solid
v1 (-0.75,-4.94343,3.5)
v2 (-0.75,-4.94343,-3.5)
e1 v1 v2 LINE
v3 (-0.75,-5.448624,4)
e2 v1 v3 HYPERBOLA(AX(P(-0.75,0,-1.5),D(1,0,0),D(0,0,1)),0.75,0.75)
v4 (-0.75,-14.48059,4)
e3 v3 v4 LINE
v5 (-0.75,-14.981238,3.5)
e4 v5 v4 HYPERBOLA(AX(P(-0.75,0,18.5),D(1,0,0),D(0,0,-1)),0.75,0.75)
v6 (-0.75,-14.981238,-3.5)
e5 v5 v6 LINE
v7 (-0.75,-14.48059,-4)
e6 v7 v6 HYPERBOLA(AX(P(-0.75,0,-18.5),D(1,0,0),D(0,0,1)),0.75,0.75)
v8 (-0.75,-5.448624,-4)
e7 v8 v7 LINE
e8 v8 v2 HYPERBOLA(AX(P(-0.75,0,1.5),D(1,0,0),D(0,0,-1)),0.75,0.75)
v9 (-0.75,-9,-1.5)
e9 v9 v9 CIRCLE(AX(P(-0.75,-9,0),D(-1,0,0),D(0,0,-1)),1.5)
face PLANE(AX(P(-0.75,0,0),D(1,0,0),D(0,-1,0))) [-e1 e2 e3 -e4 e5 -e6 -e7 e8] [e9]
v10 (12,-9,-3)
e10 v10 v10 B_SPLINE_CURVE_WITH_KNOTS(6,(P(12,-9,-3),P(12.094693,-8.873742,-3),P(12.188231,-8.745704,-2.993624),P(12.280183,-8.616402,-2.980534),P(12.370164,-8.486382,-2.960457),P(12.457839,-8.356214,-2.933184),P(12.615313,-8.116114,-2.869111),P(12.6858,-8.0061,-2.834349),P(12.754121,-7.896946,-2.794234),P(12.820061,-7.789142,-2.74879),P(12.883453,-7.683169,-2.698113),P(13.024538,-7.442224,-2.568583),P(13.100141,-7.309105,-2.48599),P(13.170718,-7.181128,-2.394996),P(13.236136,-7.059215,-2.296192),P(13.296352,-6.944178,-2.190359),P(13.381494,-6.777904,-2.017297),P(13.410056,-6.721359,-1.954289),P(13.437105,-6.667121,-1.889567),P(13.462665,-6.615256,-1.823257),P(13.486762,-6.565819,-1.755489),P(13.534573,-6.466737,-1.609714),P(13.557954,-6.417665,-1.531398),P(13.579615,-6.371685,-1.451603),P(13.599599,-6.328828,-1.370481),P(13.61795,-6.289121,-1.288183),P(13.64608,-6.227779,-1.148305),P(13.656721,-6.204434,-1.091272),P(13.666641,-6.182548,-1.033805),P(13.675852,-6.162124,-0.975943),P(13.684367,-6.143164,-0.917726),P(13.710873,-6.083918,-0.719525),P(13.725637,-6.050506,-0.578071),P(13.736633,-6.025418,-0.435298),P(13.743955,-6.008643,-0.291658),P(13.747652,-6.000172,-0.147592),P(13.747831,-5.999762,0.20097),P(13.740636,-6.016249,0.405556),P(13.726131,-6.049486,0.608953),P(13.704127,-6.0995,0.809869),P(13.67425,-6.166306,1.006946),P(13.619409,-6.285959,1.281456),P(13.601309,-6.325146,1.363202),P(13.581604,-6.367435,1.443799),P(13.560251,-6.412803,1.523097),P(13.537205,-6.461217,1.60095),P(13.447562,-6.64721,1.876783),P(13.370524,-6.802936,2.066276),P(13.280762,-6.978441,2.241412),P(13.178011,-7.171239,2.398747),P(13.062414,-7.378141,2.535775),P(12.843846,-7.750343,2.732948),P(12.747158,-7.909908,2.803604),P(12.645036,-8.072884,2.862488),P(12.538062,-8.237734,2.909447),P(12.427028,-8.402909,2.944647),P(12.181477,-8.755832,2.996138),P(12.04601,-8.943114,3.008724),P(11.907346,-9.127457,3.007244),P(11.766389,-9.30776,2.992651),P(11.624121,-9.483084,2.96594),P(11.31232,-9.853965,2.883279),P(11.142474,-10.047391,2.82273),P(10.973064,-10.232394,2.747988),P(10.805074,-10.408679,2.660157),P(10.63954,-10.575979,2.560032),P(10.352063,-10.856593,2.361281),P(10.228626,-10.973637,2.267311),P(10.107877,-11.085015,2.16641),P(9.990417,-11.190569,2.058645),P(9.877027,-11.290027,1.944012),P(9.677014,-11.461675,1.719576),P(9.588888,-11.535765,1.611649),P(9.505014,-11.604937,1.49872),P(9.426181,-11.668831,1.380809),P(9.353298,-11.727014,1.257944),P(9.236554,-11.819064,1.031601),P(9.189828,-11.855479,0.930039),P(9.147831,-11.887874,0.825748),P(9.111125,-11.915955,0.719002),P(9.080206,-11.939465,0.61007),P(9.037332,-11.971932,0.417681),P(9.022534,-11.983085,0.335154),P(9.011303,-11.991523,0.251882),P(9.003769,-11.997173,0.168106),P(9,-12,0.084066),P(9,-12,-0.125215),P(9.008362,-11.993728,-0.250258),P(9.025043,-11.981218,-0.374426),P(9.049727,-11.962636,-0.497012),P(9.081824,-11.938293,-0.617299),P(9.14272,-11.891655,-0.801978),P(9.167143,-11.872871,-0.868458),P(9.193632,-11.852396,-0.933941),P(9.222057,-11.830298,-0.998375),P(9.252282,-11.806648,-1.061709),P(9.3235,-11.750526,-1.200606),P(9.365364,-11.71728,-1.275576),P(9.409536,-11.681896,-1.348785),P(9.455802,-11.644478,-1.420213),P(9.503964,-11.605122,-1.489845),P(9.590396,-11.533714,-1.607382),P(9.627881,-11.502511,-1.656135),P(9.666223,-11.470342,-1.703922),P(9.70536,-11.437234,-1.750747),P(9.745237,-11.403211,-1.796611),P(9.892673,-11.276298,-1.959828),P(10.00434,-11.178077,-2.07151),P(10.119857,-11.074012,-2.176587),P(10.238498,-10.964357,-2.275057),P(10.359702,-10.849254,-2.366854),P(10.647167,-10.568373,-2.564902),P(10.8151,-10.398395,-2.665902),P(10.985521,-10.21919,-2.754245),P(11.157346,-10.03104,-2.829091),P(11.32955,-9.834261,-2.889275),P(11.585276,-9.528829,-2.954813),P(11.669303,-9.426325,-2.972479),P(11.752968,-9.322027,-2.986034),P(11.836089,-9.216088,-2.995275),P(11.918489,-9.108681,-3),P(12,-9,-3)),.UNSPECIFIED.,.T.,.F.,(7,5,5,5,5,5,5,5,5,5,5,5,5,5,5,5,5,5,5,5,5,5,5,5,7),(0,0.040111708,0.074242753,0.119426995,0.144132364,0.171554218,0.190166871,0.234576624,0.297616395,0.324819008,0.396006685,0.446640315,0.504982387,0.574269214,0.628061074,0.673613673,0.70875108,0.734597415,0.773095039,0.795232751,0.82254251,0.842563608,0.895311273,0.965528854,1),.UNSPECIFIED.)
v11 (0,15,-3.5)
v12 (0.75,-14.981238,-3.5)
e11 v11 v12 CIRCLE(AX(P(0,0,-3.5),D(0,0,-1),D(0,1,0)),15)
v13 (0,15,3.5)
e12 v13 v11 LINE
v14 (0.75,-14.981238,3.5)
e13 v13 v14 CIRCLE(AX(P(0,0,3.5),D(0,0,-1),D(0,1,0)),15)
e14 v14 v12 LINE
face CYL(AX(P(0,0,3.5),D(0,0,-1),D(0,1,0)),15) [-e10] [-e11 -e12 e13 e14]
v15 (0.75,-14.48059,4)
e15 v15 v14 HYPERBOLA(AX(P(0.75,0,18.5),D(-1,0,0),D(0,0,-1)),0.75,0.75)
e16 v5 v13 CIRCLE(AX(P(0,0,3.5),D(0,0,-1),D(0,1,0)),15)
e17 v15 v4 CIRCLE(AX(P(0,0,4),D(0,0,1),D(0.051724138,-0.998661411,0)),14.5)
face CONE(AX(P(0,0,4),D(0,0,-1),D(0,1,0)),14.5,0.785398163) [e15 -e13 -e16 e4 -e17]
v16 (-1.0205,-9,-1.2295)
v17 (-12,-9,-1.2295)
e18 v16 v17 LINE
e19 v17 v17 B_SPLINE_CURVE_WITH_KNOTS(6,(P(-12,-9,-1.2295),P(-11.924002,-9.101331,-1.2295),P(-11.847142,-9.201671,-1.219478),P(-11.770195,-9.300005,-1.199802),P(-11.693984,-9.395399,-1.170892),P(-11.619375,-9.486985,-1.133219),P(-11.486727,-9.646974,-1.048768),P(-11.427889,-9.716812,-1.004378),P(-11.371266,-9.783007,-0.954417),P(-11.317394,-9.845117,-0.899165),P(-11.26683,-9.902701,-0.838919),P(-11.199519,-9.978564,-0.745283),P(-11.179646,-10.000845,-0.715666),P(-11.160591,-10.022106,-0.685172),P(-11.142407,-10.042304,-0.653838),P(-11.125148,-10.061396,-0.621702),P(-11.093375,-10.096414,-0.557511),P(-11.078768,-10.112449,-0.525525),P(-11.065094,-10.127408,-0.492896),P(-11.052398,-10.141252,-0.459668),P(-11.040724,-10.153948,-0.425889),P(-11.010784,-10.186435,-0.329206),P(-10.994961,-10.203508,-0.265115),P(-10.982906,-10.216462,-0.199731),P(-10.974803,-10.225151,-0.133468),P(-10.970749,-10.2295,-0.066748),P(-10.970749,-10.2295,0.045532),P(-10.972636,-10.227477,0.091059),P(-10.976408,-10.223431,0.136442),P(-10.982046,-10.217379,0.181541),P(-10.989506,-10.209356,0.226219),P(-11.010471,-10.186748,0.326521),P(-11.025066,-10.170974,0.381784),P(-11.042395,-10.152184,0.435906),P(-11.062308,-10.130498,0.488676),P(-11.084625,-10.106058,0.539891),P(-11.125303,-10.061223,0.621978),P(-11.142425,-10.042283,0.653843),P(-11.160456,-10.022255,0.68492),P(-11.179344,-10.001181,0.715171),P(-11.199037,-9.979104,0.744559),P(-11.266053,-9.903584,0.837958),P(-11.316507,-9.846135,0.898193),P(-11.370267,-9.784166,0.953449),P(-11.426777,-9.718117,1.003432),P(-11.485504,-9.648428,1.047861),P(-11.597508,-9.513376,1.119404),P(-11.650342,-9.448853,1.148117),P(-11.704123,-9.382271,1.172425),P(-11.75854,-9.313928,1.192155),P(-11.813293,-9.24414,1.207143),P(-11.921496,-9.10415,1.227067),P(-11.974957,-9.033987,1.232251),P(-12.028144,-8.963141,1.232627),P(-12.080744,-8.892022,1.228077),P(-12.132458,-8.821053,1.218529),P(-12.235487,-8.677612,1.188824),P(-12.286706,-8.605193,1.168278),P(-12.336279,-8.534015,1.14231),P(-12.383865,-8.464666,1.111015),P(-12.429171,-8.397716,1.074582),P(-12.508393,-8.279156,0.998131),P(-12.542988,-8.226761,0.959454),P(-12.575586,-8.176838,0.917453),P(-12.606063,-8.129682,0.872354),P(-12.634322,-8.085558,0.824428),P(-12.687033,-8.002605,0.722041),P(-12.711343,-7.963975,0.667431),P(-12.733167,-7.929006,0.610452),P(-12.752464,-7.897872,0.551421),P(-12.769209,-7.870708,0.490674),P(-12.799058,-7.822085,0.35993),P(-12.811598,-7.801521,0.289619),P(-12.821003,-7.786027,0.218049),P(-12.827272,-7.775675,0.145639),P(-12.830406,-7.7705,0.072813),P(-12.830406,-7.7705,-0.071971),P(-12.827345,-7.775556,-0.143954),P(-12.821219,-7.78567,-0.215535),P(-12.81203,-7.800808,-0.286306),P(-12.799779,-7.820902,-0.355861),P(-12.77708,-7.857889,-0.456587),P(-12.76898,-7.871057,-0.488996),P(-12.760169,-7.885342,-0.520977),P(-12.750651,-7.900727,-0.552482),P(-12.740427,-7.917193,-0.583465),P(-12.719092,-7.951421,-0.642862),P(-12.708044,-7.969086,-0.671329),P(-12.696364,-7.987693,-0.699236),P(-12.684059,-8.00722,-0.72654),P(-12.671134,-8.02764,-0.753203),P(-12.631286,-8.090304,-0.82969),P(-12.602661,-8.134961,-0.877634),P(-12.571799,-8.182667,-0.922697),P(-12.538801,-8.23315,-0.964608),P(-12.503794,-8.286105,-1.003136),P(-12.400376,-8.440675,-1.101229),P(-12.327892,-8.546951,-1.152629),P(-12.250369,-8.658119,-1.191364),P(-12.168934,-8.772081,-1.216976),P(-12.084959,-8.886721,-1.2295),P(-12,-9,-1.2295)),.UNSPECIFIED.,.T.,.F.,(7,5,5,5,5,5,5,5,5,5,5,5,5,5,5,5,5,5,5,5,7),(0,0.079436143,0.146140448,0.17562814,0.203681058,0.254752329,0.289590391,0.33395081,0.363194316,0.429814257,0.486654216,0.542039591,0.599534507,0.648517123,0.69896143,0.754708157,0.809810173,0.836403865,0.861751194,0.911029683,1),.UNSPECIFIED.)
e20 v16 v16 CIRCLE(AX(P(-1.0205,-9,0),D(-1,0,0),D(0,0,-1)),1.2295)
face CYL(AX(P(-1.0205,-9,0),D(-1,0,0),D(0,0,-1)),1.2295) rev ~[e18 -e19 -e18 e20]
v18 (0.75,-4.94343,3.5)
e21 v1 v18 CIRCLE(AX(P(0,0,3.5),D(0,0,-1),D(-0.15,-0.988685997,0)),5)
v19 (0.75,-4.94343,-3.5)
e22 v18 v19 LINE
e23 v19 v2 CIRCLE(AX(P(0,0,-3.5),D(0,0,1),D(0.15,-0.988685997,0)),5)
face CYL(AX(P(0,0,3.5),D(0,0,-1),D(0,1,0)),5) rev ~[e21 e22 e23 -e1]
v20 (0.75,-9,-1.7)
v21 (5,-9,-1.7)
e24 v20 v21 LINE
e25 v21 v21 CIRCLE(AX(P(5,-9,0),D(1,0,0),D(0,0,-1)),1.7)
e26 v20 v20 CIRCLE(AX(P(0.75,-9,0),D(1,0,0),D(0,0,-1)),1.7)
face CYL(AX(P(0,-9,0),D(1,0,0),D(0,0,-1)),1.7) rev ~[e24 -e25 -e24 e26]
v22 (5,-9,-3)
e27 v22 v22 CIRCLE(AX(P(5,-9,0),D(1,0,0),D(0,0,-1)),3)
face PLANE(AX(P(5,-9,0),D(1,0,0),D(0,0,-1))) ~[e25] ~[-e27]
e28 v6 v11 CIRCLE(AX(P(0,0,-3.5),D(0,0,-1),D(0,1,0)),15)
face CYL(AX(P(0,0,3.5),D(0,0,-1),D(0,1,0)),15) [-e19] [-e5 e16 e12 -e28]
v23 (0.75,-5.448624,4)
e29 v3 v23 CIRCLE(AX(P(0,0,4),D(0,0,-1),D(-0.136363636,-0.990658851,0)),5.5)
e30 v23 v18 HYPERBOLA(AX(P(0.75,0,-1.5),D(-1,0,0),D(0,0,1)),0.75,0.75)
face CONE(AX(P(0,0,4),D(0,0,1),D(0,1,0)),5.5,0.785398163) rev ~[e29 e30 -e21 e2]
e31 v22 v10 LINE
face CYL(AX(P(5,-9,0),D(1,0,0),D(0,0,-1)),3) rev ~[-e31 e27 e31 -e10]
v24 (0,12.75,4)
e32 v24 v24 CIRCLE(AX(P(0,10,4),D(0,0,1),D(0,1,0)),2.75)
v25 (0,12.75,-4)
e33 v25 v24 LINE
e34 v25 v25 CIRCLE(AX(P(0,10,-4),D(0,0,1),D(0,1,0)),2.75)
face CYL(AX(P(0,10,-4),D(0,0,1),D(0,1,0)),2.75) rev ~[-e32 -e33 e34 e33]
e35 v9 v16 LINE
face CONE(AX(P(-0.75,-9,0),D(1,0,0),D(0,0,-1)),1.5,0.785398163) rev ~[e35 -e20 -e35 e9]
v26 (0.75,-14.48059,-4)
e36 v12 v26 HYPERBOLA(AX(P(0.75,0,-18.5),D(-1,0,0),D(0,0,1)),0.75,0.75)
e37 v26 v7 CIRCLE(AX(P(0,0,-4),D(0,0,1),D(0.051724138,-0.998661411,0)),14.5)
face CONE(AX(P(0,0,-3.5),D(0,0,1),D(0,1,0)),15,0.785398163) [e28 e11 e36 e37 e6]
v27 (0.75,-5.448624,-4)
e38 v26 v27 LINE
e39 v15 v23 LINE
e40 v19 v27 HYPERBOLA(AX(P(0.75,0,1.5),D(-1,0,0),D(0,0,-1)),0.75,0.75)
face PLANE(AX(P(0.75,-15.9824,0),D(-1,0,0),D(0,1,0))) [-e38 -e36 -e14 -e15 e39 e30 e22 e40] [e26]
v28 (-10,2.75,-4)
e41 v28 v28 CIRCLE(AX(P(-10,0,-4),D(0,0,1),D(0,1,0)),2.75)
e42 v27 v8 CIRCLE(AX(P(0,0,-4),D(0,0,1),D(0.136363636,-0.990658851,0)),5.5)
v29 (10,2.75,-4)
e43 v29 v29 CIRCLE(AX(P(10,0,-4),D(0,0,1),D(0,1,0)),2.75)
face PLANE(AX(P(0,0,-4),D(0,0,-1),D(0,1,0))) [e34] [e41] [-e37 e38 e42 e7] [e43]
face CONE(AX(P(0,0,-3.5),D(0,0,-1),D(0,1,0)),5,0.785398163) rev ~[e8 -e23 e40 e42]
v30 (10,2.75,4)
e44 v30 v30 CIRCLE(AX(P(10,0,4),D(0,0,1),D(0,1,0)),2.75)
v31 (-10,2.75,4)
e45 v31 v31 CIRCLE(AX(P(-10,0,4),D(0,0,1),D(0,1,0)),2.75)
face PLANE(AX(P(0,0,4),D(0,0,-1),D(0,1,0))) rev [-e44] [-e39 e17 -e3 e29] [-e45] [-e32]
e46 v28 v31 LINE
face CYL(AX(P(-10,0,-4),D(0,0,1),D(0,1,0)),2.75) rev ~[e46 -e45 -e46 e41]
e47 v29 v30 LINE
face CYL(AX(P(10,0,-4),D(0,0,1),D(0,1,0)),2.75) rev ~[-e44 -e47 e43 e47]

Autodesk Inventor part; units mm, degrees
sketch "Sketch_14" plane through (0, 0, 0) normal (1, 0, 0) x (0, 1, 0)
  line L0 (0, -4) -> (0, 4)
  line L1 (0, 4) -> (14.5, 4)
  line L2 (14.5, 4) -> (15, 3.5)
  line L3 (15, 3.5) -> (15, -3.5)
  line L4 (15, -3.5) -> (14.5, -4)
  line L5 (14.5, -4) -> (0, -4)
  line L6 (0, -4) -> (0, 4)
revolve "Revolution1" add sketch "Sketch_14" angle 360 about axis through (0, 0, -4) along (0, 0, -1)
sketch "Sketch_15" plane through (0, 0, 0) normal (1, 0, 0) x (0, 1, 0)
  line L0 (0, -4) -> (0, 4)
  line L1 (0, 4) -> (5.5, 4)
  line L2 (5.5, 4) -> (5, 3.5)
  line L3 (5, 3.5) -> (5, -3.5)
  line L4 (5, -3.5) -> (5.5, -4)
  line L5 (5.5, -4) -> (0, -4)
  line L6 (0, -4) -> (0, 4)
revolve "Revolution2" cut sketch "Sketch_15" angle 360 about axis through (0, 0, -4) along (0, 0, -1)
sketch "Sketch_16" plane through (0, 0, 0) normal (0, 0, 1) x (1, 0, 0)
  arc A0 (-0.75, -15.9824) -> (0.75, -15.9824) centre (0, 0) ccw
  line L0 (0.75, -15.9824) -> (0.75, 0)
  line L1 (0.75, 0) -> (-0.75, 0)
  line L2 (-0.75, 0) -> (-0.75, -15.9824)
extrude "Extrusion1" cut sketch "Sketch_16" along normal mid plane 8
sketch "Sketch4" plane through (0, 0, -4) normal (0, 0, -1) x (-1, 0, 0)
  point P0 (-10, 0)
hole "Hole1" at (10, 0, -4) direction (0, 0, 1) diameter 5.5 depth 8
sketch "Sketch5" plane through (0, 0, -4) normal (0, 0, -1) x (-1, 0, 0)
  point P0 (10, 0)
hole "Hole2" at (-10, 0, -4) direction (0, 0, 1) diameter 5.5 depth 8
sketch "Sketch6" plane through (0, 0, -4) normal (0, 0, -1) x (-1, 0, 0)
  point P0 (0, 10)
hole "Hole3" at (0, 10, -4) direction (0, 0, 1) diameter 5.5 depth 8
sketch "Sketch_23" plane through (0, -9, 0) normal (0, 1, 0) x (1, 0, 0)
  line L0 (15, 0) -> (0, 0)
  line L1 (0, 0) -> (0, 1.7)
  line L2 (0, 1.7) -> (5, 1.7)
  line L3 (5, 1.7) -> (5, 3)
  line L4 (5, 3) -> (15, 3)
  line L5 (15, 3) -> (15, 0)
  line L6 (15, 0) -> (0, 0)
revolve "Revolution3" cut sketch "Sketch_23" angle 360 about axis through (15, -9, 0) along (1, 0, 0)
sketch "Sketch8" plane through (-0.75, -14.4806, 4) normal (1, 0, 0) x (0, 0, -1)
  point P0 (4, 5.4806)
hole "Hole4" at (-0.75, -9, 0) direction (-1, 0, 0) diameter 2.459 depth 12.2404 countersink diameter 3 countersink angle 90 thread size "M3x0.5" class "6H" standard "ISO Metric profile"
ref_plane "to_bolt_XY" through (5, -9, 0) normal (1, 0, 0) x (0, 0, -1)
ref_plane "to_bolt_YZ" through (5, -9, 0) normal (0, 0, -1) x (0, 1, 0)
ref_plane "to_bolt_ZX" through (5, -9, 0) normal (0, 1, 0) x (1, 0, 0)
properties part number "SCST10-8b"
